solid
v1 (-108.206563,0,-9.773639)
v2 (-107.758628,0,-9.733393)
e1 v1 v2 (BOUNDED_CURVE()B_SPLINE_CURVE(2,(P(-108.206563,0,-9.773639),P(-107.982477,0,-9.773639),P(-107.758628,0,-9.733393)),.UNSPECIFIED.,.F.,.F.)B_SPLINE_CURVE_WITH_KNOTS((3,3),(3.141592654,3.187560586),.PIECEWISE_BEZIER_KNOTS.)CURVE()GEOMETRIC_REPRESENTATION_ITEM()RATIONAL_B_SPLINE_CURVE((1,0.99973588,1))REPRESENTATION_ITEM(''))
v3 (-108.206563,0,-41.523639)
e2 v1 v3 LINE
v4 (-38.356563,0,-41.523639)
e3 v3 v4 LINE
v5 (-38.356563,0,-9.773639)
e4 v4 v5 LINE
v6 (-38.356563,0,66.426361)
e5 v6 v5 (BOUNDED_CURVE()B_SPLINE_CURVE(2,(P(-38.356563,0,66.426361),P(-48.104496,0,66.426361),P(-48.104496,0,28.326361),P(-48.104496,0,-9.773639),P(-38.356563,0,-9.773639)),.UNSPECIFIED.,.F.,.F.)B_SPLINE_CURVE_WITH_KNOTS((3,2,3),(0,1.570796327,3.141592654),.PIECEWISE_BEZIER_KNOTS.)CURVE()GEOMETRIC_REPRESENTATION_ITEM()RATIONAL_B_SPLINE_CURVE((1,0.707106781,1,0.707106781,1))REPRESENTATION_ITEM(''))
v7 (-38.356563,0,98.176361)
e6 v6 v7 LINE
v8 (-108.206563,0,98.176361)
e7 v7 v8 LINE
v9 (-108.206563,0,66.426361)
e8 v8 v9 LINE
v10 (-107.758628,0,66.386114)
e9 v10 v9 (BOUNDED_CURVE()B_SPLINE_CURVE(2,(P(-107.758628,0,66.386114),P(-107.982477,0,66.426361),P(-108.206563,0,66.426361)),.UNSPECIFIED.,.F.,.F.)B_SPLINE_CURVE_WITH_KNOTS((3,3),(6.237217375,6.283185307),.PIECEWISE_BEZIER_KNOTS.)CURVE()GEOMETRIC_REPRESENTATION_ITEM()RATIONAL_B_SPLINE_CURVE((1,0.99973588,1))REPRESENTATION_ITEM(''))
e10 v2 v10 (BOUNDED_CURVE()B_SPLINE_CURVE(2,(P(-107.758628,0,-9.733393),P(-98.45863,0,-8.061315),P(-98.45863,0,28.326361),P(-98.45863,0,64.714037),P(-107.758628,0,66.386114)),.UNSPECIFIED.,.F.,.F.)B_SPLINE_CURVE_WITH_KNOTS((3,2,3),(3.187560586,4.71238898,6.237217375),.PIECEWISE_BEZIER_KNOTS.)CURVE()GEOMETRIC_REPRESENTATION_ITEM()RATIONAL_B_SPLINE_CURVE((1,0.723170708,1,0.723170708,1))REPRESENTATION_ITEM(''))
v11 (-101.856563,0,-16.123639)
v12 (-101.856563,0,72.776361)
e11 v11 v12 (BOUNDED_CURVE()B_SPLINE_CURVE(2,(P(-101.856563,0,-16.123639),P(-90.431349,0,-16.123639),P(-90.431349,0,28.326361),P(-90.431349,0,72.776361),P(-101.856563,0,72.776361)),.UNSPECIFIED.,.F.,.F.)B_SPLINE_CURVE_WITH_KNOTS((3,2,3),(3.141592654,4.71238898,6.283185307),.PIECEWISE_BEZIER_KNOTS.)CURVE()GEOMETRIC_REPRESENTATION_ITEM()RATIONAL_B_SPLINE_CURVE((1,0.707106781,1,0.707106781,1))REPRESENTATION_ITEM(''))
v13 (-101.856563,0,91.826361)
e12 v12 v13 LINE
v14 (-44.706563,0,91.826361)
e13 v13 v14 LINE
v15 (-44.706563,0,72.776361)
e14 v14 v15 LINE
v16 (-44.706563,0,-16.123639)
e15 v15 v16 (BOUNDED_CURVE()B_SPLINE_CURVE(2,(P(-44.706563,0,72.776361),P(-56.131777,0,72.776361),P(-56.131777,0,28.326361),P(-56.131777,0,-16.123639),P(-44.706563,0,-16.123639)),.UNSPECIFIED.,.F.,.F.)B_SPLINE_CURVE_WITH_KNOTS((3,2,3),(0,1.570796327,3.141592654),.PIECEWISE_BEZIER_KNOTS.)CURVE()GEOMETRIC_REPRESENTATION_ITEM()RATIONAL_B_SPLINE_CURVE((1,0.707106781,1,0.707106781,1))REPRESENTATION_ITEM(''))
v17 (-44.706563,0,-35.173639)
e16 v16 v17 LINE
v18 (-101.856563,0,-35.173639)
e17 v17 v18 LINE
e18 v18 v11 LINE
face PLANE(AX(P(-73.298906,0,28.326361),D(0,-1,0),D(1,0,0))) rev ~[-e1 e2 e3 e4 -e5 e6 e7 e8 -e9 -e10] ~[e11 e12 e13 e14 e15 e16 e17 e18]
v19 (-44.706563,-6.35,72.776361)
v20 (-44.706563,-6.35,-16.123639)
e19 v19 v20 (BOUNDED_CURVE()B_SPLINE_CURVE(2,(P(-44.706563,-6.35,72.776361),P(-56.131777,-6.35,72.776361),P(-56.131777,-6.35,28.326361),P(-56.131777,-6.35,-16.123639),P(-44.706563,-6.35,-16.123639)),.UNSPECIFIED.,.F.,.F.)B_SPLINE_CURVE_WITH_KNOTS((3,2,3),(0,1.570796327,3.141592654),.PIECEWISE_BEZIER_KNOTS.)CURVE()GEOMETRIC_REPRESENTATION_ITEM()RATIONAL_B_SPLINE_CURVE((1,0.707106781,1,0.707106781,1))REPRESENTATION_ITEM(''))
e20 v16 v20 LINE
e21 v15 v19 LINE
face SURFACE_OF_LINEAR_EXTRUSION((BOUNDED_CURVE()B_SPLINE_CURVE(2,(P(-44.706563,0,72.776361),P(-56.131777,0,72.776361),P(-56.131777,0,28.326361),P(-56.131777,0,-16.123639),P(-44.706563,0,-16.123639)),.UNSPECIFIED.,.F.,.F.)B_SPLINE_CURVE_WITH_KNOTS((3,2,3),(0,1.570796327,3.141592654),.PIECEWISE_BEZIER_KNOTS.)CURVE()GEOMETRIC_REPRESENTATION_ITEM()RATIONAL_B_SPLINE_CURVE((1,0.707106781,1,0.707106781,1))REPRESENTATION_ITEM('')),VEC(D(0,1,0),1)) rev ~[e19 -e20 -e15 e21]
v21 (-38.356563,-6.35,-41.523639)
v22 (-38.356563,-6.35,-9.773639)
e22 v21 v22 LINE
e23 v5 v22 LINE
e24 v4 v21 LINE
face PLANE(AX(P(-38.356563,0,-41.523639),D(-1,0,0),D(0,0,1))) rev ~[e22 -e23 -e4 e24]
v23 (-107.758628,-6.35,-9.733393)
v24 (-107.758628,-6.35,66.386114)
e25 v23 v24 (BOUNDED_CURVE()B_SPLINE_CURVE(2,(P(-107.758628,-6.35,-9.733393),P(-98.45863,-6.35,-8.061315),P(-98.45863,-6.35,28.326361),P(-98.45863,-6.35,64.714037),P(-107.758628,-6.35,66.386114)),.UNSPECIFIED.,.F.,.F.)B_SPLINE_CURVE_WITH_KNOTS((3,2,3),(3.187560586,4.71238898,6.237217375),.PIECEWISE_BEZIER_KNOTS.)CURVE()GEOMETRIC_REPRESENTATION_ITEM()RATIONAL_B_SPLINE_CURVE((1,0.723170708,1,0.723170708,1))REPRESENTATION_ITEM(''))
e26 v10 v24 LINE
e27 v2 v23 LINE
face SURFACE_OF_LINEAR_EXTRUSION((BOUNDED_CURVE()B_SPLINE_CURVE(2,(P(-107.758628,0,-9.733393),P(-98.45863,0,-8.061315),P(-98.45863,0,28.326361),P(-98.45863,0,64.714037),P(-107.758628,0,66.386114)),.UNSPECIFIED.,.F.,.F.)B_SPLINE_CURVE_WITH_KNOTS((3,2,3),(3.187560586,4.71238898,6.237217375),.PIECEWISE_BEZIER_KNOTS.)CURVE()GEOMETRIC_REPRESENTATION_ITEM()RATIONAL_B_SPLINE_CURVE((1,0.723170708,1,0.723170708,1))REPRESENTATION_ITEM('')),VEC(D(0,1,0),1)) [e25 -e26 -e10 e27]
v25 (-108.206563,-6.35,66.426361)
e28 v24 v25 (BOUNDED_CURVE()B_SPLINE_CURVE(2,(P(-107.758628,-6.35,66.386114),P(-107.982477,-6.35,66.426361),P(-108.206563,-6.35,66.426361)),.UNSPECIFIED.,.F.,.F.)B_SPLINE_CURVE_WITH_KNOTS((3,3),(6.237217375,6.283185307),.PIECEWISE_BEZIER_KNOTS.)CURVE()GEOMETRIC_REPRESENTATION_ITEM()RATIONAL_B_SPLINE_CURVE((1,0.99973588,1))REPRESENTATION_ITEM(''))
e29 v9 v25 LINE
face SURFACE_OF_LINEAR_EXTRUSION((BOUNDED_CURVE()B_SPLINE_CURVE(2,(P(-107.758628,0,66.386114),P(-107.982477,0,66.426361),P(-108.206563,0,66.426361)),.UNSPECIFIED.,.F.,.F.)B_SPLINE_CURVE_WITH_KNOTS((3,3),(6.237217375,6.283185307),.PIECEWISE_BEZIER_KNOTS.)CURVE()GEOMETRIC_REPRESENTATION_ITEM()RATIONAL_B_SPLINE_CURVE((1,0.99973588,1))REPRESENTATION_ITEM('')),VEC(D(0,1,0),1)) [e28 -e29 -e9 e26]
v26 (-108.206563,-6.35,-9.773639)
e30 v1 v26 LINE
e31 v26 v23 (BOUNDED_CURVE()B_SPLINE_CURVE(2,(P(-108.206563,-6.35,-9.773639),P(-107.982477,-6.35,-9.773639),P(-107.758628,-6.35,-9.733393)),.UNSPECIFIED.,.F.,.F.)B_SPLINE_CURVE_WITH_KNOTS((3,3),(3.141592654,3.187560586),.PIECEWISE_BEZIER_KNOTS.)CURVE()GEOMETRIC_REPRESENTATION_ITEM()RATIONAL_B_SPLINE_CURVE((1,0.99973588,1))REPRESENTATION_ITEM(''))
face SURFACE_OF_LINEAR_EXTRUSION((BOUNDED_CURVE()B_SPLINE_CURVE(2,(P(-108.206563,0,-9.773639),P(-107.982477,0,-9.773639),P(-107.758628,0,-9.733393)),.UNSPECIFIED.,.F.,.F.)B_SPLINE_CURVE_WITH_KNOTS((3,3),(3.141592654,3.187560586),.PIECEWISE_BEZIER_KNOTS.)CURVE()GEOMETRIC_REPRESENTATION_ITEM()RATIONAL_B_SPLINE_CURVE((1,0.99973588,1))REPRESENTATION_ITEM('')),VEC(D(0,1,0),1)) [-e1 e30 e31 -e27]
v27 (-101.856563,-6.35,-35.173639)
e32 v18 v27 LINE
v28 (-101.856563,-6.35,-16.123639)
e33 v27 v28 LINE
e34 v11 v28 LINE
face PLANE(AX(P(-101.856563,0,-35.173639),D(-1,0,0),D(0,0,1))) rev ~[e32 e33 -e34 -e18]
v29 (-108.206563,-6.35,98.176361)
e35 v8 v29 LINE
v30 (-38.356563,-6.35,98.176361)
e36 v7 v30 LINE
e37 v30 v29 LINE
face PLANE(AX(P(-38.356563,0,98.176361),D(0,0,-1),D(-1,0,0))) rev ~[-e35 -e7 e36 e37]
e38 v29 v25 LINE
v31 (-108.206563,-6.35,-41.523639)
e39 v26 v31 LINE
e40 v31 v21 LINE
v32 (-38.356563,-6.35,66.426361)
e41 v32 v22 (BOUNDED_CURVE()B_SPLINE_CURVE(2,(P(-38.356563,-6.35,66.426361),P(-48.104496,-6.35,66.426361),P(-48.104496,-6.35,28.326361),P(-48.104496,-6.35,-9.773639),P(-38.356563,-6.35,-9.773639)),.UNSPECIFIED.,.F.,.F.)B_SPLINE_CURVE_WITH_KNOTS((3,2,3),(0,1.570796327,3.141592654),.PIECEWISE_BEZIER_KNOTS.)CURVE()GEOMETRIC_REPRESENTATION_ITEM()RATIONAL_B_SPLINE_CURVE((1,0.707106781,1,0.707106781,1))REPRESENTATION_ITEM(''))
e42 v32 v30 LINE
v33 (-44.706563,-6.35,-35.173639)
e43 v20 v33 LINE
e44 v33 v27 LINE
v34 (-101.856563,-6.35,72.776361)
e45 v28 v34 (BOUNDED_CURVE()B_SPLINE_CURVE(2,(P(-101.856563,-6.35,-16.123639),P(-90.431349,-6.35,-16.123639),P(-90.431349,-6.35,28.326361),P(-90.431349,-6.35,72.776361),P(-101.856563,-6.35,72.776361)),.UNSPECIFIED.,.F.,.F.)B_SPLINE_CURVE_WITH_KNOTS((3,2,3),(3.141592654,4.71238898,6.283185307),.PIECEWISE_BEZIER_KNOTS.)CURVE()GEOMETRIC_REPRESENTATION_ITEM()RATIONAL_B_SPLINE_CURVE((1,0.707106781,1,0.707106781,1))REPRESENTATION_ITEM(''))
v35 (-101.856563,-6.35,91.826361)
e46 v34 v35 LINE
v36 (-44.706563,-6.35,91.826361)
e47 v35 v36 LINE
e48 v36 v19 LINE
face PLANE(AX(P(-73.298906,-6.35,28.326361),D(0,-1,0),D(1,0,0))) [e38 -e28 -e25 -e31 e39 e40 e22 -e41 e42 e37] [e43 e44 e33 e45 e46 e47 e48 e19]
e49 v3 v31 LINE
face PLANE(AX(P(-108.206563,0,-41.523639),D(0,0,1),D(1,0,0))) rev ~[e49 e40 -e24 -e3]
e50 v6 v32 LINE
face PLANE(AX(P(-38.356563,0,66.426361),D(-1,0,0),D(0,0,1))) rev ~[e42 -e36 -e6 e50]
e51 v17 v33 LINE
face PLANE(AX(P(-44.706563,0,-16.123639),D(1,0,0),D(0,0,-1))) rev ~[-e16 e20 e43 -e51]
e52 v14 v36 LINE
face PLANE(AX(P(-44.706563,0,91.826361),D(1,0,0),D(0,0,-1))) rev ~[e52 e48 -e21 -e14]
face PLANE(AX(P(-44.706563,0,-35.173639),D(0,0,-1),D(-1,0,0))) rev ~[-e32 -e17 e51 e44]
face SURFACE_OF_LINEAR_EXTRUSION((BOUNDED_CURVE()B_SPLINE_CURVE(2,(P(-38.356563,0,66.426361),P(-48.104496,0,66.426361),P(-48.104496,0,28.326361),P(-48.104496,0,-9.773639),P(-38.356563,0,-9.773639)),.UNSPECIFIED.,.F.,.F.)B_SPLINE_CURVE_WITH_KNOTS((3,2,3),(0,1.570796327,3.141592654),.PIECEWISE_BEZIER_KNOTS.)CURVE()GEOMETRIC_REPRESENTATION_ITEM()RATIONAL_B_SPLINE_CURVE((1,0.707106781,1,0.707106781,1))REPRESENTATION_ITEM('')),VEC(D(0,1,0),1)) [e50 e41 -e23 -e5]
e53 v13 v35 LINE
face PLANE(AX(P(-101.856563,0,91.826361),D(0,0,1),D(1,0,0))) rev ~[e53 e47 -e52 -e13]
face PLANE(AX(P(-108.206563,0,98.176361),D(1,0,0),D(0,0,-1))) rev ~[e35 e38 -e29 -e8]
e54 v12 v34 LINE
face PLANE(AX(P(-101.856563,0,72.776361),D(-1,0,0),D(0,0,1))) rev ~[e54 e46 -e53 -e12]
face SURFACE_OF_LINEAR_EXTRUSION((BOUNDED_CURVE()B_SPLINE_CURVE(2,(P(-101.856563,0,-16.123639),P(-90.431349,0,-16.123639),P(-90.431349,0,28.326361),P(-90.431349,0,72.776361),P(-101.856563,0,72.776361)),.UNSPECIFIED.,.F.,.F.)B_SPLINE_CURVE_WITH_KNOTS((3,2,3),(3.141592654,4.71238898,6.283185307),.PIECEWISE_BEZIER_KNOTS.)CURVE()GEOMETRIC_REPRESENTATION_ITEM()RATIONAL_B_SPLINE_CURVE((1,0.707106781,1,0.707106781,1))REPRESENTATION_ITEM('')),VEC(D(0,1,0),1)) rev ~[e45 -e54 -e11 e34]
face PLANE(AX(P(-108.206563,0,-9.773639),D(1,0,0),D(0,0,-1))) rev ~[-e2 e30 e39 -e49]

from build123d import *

# Parameters (mm, degrees)
F1_DEPTH = 6.35


with BuildPart() as f1:
    # F0 (on Front) → F1 (new body)
    with BuildSketch(Plane.XZ):
        with BuildLine():
            Line((-38.3565626979, 98.1763608873), (-108.2065626979, 98.1763608873))
            Line((-108.2065626979, 98.1763608873), (-108.2065626979, 66.4263608873))
            add(Edge.make_bspline(
                [(-107.7586281616, 66.3861143566), (-107.9824770745, 66.4263608873), (-108.2065626979, 66.4263608873)],
                knots=[6.2372173746, 6.2372173746, 6.2372173746, 6.2831853072, 6.2831853072, 6.2831853072], degree=2, weights=[1, 0.9997358803, 1]))
            add(Edge.make_bspline(
                [(-107.7586281616, -9.7333925821), (-98.4586297138, -8.0613153421), (-98.4586297138, 28.3263608873), (-98.4586297138, 64.7140371166), (-107.7586281616, 66.3861143566)],
                knots=[3.1875605862, 3.1875605862, 3.1875605862, 4.7123889804, 4.7123889804, 6.2372173746, 6.2372173746, 6.2372173746], degree=2, weights=[1, 0.7231707079, 1, 0.7231707079, 1]))
            add(Edge.make_bspline(
                [(-108.2065626979, -9.7736391127), (-107.9824770745, -9.7736391127), (-107.7586281616, -9.7333925821)],
                knots=[3.1415926536, 3.1415926536, 3.1415926536, 3.1875605862, 3.1875605862, 3.1875605862], degree=2, weights=[1, 0.9997358803, 1]))
            Line((-108.2065626979, -9.7736391127), (-108.2065626979, -41.5236391127))
            Line((-108.2065626979, -41.5236391127), (-38.3565626979, -41.5236391127))
            Line((-38.3565626979, -41.5236391127), (-38.3565626979, -9.7736391127))
            add(Edge.make_bspline(
                [(-38.3565626979, 66.4263608873), (-48.104495682, 66.4263608873), (-48.104495682, 28.3263608873), (-48.104495682, -9.7736391127), (-38.3565626979, -9.7736391127)],
                knots=[0, 0, 0, 1.5707963268, 1.5707963268, 3.1415926536, 3.1415926536, 3.1415926536], degree=2, weights=[1, 0.7071067812, 1, 0.7071067812, 1]))
            Line((-38.3565626979, 66.4263608873), (-38.3565626979, 98.1763608873))
        make_face()
        with BuildLine():
            Line((-101.8565626979, 72.7763608873), (-101.8565626979, 91.8263608873))
            Line((-101.8565626979, 91.8263608873), (-44.7065626979, 91.8263608873))
            Line((-44.7065626979, 91.8263608873), (-44.7065626979, 72.7763608873))
            add(Edge.make_bspline(
                [(-44.7065626979, 72.7763608873), (-56.1317765089, 72.7763608873), (-56.1317765089, 28.3263608873), (-56.1317765089, -16.1236391127), (-44.7065626979, -16.1236391127)],
                knots=[0, 0, 0, 1.5707963268, 1.5707963268, 3.1415926536, 3.1415926536, 3.1415926536], degree=2, weights=[1, 0.7071067812, 1, 0.7071067812, 1]))
            Line((-44.7065626979, -16.1236391127), (-44.7065626979, -35.1736391127))
            Line((-44.7065626979, -35.1736391127), (-101.8565626979, -35.1736391127))
            Line((-101.8565626979, -35.1736391127), (-101.8565626979, -16.1236391127))
            add(Edge.make_bspline(
                [(-101.8565626979, -16.1236391127), (-90.4313488869, -16.1236391127), (-90.4313488869, 28.3263608873), (-90.4313488869, 72.7763608873), (-101.8565626979, 72.7763608873)],
                knots=[3.1415926536, 3.1415926536, 3.1415926536, 4.7123889804, 4.7123889804, 6.2831853072, 6.2831853072, 6.2831853072], degree=2, weights=[1, 0.7071067812, 1, 0.7071067812, 1]))
        make_face(mode=Mode.SUBTRACT)
    extrude(amount=F1_DEPTH)


solid = f1.part
